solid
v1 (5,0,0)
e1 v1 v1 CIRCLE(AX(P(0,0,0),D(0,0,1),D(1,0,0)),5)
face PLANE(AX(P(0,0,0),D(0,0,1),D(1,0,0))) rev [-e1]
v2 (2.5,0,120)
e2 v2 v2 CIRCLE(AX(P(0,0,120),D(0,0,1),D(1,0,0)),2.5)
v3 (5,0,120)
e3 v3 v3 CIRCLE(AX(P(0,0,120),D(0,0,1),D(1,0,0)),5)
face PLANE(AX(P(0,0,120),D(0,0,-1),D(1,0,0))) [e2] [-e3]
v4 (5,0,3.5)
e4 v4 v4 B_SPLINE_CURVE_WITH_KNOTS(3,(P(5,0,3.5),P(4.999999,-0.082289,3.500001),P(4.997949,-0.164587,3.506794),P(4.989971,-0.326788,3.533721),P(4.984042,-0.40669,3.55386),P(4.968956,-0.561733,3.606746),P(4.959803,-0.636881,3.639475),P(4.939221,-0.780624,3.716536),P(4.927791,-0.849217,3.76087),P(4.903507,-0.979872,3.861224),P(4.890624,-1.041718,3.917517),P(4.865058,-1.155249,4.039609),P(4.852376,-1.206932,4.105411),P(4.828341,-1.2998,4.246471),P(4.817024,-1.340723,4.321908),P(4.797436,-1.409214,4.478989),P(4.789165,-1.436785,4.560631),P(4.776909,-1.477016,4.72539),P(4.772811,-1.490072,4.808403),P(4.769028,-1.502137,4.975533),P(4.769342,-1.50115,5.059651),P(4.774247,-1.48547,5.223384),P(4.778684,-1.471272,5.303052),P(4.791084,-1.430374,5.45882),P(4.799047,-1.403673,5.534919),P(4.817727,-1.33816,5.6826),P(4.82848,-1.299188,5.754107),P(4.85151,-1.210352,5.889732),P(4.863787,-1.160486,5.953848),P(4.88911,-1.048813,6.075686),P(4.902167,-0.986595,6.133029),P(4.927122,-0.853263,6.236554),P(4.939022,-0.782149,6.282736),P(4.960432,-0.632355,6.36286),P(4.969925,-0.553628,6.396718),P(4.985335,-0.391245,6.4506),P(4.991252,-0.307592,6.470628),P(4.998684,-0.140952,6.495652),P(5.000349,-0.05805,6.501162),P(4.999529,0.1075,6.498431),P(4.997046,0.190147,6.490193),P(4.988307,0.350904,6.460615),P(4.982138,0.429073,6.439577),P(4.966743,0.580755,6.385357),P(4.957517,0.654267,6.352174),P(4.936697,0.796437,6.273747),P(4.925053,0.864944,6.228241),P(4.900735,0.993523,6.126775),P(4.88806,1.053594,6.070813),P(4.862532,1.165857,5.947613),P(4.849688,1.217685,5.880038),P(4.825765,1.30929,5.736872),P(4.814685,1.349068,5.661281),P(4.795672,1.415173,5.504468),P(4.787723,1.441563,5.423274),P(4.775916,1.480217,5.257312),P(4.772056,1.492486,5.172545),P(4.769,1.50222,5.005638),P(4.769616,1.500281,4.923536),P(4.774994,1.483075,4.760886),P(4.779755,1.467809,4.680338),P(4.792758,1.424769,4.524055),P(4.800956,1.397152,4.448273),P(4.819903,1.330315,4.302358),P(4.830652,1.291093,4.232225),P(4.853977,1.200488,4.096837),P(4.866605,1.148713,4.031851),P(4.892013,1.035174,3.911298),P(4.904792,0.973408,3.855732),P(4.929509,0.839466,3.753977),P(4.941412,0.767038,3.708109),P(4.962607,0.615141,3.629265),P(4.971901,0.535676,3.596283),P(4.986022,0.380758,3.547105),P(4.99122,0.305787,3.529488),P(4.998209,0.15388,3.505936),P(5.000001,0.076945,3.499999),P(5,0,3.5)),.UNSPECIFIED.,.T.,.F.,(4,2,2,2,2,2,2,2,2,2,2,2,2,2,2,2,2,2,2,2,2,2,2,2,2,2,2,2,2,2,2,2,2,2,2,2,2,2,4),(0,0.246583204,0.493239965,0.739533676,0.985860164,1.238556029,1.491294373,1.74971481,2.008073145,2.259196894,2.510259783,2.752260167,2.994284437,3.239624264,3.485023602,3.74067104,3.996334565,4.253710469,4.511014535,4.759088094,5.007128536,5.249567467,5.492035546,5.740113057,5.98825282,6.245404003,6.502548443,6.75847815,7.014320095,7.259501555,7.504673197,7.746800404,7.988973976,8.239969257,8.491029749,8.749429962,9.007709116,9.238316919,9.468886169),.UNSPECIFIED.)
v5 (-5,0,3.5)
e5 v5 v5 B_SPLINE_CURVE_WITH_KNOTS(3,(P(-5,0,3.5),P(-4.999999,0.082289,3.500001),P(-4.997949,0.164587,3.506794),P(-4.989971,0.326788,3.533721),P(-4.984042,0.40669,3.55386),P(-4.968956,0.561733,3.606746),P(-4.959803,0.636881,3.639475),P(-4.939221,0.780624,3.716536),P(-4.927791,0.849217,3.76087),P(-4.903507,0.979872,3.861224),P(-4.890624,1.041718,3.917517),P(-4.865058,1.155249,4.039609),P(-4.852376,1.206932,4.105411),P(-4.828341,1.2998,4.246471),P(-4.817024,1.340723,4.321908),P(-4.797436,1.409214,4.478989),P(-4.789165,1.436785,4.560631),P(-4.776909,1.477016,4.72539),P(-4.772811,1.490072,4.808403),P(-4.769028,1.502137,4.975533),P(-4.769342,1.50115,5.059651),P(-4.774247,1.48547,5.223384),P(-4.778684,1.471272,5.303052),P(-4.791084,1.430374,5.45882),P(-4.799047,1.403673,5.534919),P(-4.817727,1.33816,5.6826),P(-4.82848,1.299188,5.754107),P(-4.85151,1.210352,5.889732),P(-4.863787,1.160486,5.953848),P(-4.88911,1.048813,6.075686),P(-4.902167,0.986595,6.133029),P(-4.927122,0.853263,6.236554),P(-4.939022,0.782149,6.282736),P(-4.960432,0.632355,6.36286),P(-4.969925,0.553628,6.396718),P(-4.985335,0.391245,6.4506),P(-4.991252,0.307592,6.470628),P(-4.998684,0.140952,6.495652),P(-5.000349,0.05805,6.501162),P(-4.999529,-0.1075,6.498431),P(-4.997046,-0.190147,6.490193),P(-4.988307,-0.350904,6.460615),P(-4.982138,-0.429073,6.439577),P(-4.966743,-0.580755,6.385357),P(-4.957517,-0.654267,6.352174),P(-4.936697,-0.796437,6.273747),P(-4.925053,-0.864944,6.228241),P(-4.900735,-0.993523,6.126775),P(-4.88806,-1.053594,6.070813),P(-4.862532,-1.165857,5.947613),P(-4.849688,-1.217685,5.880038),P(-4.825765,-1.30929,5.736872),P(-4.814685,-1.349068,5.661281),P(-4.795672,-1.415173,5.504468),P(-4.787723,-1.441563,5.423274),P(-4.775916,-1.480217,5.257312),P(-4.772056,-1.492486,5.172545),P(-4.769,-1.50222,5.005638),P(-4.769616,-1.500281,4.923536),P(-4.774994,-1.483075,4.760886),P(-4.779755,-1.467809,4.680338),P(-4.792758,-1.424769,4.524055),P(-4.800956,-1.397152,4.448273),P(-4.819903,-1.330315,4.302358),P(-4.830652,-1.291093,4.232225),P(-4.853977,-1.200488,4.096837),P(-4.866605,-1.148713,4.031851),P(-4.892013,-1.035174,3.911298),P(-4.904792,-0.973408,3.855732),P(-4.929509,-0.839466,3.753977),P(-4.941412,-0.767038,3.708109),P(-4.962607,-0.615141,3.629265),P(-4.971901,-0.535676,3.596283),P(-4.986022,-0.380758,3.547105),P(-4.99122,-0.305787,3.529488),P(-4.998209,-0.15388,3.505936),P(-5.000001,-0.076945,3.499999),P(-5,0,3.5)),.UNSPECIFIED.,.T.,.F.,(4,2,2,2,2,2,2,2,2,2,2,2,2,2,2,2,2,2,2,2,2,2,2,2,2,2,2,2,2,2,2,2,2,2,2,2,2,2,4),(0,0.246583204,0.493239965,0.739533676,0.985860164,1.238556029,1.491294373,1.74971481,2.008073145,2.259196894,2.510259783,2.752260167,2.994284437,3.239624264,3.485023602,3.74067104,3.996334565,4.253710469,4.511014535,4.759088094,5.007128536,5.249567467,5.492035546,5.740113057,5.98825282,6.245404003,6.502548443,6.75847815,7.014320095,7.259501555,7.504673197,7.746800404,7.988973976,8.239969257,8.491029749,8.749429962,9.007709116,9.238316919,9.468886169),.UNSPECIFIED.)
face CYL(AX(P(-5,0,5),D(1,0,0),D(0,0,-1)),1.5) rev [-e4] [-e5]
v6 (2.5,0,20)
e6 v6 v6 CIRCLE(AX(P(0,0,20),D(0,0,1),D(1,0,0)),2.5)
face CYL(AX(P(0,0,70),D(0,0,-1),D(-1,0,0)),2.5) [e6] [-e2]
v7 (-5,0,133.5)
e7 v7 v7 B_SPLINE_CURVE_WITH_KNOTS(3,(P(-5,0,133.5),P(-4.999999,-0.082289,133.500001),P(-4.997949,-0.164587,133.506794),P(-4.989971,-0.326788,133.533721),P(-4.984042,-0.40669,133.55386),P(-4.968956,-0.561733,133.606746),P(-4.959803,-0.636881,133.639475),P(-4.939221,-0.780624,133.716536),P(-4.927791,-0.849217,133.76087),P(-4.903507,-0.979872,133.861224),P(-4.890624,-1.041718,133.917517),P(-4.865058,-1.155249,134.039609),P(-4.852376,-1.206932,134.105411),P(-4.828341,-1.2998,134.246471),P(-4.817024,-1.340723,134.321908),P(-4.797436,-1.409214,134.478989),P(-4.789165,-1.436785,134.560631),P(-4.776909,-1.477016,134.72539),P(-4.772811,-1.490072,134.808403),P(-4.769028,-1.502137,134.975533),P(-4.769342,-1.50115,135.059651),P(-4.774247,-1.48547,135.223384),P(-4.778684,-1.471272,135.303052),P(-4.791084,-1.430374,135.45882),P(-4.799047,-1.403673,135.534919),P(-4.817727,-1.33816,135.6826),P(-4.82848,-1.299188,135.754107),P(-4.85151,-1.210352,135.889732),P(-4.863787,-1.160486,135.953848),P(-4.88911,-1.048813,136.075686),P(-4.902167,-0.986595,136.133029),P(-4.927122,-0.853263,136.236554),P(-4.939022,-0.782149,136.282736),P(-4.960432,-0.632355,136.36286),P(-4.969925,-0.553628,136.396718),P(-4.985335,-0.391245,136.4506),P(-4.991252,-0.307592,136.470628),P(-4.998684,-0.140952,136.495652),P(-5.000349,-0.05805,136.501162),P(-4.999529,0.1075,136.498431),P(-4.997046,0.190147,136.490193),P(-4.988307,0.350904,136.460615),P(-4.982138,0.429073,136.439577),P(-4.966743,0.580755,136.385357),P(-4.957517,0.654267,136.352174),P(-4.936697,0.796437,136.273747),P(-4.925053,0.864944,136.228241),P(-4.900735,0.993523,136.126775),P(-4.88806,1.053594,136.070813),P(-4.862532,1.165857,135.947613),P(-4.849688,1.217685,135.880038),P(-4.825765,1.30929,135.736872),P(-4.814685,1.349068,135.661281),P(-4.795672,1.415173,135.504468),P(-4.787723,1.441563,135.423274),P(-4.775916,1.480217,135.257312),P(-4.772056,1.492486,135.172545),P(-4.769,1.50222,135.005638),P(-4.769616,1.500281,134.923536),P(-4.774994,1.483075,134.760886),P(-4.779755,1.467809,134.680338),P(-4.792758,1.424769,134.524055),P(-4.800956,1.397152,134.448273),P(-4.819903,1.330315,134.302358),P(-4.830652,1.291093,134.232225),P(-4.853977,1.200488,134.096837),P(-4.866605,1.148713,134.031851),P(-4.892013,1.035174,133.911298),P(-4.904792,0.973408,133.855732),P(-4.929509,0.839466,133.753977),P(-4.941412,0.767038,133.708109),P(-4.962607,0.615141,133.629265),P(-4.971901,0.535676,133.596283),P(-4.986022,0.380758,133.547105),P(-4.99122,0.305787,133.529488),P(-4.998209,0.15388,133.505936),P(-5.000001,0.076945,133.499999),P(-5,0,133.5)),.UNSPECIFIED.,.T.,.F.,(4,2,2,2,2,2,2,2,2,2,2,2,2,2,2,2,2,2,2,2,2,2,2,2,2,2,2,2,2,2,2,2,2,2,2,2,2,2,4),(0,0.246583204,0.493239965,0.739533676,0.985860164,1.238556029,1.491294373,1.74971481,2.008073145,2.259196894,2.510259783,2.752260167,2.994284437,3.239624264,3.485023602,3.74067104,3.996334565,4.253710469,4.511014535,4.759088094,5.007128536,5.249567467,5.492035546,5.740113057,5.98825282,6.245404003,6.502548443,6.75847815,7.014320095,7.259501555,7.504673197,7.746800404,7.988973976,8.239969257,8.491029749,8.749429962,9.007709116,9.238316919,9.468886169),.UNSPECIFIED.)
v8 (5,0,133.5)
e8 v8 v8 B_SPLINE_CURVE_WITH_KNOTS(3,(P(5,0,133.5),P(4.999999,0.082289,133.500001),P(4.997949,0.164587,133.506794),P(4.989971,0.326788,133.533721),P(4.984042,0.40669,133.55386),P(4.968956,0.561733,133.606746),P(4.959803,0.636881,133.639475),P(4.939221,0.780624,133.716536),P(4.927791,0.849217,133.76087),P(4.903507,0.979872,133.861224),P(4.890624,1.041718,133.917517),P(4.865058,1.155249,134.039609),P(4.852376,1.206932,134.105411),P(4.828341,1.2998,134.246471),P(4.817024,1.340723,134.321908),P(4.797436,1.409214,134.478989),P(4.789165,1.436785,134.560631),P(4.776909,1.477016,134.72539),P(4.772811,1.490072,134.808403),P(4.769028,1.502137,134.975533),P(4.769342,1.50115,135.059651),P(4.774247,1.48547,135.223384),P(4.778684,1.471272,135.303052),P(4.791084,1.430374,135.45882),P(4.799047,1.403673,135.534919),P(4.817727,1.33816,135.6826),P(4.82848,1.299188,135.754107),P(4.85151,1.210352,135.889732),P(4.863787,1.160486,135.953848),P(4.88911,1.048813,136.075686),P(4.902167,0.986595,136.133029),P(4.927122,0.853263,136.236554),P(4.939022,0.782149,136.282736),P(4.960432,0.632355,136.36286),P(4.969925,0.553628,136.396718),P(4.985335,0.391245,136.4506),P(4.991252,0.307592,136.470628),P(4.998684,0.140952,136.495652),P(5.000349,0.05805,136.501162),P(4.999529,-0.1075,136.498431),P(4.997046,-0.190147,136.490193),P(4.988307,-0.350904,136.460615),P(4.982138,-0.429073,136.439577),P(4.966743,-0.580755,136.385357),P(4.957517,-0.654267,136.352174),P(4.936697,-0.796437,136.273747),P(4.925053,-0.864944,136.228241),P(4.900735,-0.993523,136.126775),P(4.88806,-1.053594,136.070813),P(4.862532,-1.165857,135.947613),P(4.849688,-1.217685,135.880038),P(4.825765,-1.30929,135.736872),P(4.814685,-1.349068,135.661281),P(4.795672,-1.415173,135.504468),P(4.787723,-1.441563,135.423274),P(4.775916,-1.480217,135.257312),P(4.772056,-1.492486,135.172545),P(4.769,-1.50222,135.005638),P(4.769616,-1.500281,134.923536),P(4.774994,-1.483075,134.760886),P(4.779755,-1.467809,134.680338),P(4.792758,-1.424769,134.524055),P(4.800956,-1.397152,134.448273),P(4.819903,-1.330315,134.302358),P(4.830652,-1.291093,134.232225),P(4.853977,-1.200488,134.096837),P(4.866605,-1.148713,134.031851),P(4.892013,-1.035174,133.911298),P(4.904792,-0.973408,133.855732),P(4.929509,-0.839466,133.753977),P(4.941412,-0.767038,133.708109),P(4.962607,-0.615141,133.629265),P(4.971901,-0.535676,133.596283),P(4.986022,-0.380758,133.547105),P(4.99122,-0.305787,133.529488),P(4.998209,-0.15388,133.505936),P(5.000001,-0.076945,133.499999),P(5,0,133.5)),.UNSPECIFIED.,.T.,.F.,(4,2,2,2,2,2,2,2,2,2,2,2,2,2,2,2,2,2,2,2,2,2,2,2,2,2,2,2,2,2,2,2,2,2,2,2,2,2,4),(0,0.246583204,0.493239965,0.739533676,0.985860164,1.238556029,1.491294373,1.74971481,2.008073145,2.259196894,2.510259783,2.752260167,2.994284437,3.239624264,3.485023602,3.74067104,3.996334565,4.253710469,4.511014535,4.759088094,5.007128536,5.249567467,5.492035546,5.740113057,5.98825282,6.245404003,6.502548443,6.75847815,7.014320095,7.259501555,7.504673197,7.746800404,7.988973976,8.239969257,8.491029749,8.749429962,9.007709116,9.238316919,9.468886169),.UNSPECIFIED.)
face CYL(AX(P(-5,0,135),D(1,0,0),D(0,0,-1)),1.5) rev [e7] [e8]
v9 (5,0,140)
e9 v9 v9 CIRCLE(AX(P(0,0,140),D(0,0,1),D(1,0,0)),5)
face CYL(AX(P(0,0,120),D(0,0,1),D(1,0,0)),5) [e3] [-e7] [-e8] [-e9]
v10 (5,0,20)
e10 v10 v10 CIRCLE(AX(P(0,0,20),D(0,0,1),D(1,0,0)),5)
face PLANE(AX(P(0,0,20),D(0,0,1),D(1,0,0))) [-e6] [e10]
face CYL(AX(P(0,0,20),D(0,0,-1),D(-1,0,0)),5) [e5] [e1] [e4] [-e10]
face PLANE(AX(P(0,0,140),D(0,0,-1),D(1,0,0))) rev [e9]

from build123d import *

# Parameters (mm, degrees)
SKETCH1_R           = 5
BOSS_EXTRUDE1_DEPTH = 20
SKETCH3_R           = 2.5
BOSS_EXTRUDE2_DEPTH = 50
SKETCH7_R           = 1.5
CUT_EXTRUDE1_DEPTH  = 71.887234394
SKETCH9_R           = 1.5
CUT_EXTRUDE2_DEPTH  = 141.445719063


with BuildPart() as part:
    # Sketch1 → Boss-Extrude1 (new body)
    with BuildSketch(Plane.XY):
        Circle(SKETCH1_R)
    boss_extrude1 = extrude(amount=BOSS_EXTRUDE1_DEPTH)

    # Sketch3 → Boss-Extrude2 (add)
    with BuildSketch(Plane.XY.offset(20)):
        Circle(SKETCH3_R)
    boss_extrude2 = extrude(amount=BOSS_EXTRUDE2_DEPTH)

    # Sketch7 → Cut-Extrude1 (cut, through all)
    with BuildSketch(Plane(origin=(5, 0, 0), x_dir=(0, 0, -1), z_dir=(1, 0, 0))):
        with Locations((-5, 0)):
            Circle(SKETCH7_R)
    extrude(amount=-CUT_EXTRUDE1_DEPTH, mode=Mode.SUBTRACT)

    # Mirror4: Boss-Extrude2 across plane
    add(boss_extrude2.mirror(Plane.XY.offset(70)))

    # Mirror5: Boss-Extrude1 across plane
    add(boss_extrude1.mirror(Plane.XY.offset(70)))

    # Sketch9 → Cut-Extrude2 (cut, through all)
    with BuildSketch(Plane(origin=(5, 0, 0), x_dir=(0, 0, -1), z_dir=(1, 0, 0))):
        with Locations((-135, 0)):
            Circle(SKETCH9_R)
    extrude(amount=-CUT_EXTRUDE2_DEPTH, mode=Mode.SUBTRACT)


solid = part.part
